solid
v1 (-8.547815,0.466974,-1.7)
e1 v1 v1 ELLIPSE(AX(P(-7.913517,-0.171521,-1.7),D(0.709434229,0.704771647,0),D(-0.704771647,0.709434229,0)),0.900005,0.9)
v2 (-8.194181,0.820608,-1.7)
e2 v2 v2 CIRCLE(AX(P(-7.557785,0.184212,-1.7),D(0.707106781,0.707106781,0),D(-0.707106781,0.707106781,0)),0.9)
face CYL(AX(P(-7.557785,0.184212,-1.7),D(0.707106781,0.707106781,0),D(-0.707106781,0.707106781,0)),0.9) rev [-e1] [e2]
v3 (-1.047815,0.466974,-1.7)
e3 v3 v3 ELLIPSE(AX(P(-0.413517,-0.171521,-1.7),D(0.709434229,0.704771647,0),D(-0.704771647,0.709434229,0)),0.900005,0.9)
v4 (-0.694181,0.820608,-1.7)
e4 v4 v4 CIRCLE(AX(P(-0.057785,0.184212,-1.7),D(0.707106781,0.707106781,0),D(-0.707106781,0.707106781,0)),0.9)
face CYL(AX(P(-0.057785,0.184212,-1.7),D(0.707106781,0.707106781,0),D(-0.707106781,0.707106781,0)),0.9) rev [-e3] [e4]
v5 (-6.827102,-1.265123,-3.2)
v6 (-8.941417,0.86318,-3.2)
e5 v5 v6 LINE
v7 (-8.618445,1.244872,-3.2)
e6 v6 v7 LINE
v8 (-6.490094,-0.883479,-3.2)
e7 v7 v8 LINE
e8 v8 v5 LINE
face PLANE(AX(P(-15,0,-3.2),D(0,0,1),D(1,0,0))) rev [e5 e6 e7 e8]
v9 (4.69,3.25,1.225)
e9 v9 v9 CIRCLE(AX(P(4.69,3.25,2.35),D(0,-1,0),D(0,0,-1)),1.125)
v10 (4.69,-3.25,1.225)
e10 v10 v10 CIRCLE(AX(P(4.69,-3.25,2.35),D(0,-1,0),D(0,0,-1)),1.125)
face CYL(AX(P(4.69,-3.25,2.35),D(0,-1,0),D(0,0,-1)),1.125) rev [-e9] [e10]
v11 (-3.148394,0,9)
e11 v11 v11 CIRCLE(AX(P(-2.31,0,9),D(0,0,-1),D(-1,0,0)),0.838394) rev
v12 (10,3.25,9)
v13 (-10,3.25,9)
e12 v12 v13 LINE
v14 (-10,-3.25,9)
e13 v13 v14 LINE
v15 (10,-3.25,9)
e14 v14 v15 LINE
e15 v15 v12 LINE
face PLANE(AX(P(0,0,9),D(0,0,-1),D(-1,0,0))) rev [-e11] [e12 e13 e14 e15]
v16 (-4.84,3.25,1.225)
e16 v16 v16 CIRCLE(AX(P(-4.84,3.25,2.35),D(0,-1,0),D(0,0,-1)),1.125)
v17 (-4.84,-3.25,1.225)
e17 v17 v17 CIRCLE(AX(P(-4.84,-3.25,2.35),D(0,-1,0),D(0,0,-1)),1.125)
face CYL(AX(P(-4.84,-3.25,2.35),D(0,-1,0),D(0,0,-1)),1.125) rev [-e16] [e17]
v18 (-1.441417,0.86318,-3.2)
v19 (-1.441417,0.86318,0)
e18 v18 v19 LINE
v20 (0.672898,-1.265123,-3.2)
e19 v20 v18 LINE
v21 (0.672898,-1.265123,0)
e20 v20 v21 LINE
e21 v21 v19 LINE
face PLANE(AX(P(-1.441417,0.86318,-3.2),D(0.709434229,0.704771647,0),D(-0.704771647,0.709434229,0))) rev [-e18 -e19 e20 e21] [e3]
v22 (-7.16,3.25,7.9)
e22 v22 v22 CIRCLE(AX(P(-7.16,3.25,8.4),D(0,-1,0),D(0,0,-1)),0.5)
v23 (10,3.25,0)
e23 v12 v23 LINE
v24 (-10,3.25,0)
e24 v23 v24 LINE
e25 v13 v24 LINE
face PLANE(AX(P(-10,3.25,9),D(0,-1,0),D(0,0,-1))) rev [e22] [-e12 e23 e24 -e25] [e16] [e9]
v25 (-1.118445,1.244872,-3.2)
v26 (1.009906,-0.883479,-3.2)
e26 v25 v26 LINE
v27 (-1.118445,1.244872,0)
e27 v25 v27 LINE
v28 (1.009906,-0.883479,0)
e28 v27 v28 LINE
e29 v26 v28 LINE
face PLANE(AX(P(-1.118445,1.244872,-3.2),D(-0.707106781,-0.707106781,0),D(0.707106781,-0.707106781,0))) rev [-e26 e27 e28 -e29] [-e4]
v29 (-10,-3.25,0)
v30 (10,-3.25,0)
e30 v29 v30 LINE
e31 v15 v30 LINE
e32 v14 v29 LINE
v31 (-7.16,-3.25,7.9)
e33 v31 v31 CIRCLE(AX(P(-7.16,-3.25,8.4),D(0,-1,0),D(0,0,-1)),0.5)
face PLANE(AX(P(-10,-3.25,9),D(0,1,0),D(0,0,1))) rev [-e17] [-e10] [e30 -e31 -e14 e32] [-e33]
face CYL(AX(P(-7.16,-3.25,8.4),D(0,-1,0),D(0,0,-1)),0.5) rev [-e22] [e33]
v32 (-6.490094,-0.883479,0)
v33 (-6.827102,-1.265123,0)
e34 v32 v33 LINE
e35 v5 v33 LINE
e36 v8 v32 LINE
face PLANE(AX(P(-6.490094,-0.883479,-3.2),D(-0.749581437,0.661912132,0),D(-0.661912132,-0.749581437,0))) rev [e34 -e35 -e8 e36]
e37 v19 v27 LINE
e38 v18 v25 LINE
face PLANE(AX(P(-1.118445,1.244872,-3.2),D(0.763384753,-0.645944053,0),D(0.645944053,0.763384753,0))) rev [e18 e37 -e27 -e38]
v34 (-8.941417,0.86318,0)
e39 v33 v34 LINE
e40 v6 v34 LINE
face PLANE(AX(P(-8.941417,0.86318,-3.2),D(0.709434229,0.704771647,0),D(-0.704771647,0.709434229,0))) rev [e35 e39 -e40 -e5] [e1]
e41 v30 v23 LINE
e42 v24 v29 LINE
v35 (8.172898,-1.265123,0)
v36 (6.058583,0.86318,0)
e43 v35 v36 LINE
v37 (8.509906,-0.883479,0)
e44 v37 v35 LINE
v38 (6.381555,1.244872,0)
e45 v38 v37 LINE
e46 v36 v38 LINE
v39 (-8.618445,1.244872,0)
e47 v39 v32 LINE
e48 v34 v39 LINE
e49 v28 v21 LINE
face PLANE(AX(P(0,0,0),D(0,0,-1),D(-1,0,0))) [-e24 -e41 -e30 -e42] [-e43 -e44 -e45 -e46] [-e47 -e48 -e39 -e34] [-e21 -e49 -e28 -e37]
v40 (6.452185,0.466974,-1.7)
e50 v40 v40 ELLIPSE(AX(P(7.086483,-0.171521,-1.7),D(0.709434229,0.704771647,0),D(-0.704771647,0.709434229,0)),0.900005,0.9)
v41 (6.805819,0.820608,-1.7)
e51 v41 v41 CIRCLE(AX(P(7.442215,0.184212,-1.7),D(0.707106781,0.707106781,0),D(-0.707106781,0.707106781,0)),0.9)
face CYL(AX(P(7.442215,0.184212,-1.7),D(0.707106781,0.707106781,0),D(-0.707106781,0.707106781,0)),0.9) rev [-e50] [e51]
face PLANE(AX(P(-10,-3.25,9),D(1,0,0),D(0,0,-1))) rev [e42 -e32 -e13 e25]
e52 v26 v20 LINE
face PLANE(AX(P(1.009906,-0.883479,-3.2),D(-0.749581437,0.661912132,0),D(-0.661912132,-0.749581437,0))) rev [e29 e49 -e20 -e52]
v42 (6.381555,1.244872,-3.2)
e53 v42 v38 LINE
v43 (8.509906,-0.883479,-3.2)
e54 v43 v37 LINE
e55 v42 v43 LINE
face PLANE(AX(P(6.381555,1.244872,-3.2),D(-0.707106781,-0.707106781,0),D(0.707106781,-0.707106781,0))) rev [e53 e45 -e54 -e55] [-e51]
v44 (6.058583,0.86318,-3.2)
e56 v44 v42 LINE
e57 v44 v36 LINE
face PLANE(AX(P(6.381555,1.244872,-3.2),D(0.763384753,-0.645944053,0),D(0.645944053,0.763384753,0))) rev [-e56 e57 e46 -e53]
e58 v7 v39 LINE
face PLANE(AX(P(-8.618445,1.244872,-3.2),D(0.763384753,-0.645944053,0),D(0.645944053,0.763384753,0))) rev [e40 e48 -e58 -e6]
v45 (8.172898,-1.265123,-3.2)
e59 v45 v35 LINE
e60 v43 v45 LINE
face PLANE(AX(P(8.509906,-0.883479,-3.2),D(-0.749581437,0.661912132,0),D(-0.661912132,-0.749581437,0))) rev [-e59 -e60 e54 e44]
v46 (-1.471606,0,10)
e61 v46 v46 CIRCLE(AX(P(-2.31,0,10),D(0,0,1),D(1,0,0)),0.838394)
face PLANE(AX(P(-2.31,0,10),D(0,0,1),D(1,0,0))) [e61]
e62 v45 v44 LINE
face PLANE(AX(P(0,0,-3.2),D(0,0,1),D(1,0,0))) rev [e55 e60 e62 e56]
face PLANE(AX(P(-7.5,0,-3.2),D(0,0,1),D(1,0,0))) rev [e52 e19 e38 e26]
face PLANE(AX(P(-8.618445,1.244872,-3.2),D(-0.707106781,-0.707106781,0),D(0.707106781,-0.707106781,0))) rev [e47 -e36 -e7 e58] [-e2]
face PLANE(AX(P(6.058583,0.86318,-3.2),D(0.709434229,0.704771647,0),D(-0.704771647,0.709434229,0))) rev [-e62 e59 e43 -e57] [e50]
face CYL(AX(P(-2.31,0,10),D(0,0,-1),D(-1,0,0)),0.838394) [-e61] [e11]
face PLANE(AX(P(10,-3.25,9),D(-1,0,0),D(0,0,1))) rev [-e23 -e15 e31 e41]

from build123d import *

# Parameters (mm, degrees)
SKETCH_1_W             = 20
SKETCH_1_H             = 6.5
EXTRUDE_1_DEPTH        = 9
HOLE_WIZARD_1_D        = 2.25
SKETCH_7_R             = 0.838393999
EXTRUDE_2_DEPTH        = 1
HOLE_WIZARD_2_D        = 1
EXTRUDE_3_DEPTH        = 3.2
HOLE_WIZARD_3_D        = 1.8
HOLE_WIZARD_3_DEPTH    = 6.5
PATTERN_LINEAR_1_COUNT = 3
PATTERN_LINEAR_1_PITCH = 7.5


with BuildPart() as part:
    # ｽｹｯﾁ1 → ﾎﾞｽ - 押し出し1 (new body)
    with BuildSketch(Plane.XY):
        Rectangle(SKETCH_1_W, SKETCH_1_H)
    extrude(amount=EXTRUDE_1_DEPTH)

    # 穴1 (through all)
    with Locations(Plane(origin=(0, -3.25, 0), x_dir=(-1, 0, 0), z_dir=(0, -1, 0))):
        with Locations((4.84, -2.35), (-4.69, -2.35)):
            Hole(HOLE_WIZARD_1_D / 2)

    # ｽｹｯﾁ7 → ﾎﾞｽ - 押し出し2 (add)
    with BuildSketch(Plane.XY.offset(9)):
        with Locations(Location((-2.31, 0, 0), (0, 0, 180))):
            Circle(SKETCH_7_R)
    extrude(amount=EXTRUDE_2_DEPTH)

    # 穴2 (through all)
    with Locations(Plane(origin=(0, -3.25, 0), x_dir=(-1, 0, 0), z_dir=(0, -1, 0))):
        with Locations((7.16, -8.4)):
            Hole(HOLE_WIZARD_2_D / 2)

    # ｽｹｯﾁ10 → ﾎﾞｽ - 押し出し3 (add)
    with BuildSketch(Plane(origin=(0, 0, 0), x_dir=(-1, 0, 0), z_dir=(0, 0, -1))):
        Polygon((-6.381555021, 1.244871931), (-8.509905901, -0.883478949), (-8.172897935, -1.265123133), (-6.058582994, 0.863179555), align=None)
    extrude_3 = extrude(amount=EXTRUDE_3_DEPTH)

    # 穴3
    with Locations(Plane(origin=(3.813213476, 3.813213476, 0), x_dir=(0, 0, -1), z_dir=(0.7071067811865488, 0.7071067811865462, 0))):
        with Locations((1.7, -5.132183446)):
            hole_wizard_3 = Hole(HOLE_WIZARD_3_D / 2, depth=HOLE_WIZARD_3_DEPTH)

    # 直線ﾊﾟﾀｰﾝ1: ﾎﾞｽ - 押し出し3, 穴3 ×3
    with Locations(*[(-i * PATTERN_LINEAR_1_PITCH, 0, 0) for i in range(1, PATTERN_LINEAR_1_COUNT)]):
        add(extrude_3)
        add(hole_wizard_3, mode=Mode.SUBTRACT)


solid = part.part
